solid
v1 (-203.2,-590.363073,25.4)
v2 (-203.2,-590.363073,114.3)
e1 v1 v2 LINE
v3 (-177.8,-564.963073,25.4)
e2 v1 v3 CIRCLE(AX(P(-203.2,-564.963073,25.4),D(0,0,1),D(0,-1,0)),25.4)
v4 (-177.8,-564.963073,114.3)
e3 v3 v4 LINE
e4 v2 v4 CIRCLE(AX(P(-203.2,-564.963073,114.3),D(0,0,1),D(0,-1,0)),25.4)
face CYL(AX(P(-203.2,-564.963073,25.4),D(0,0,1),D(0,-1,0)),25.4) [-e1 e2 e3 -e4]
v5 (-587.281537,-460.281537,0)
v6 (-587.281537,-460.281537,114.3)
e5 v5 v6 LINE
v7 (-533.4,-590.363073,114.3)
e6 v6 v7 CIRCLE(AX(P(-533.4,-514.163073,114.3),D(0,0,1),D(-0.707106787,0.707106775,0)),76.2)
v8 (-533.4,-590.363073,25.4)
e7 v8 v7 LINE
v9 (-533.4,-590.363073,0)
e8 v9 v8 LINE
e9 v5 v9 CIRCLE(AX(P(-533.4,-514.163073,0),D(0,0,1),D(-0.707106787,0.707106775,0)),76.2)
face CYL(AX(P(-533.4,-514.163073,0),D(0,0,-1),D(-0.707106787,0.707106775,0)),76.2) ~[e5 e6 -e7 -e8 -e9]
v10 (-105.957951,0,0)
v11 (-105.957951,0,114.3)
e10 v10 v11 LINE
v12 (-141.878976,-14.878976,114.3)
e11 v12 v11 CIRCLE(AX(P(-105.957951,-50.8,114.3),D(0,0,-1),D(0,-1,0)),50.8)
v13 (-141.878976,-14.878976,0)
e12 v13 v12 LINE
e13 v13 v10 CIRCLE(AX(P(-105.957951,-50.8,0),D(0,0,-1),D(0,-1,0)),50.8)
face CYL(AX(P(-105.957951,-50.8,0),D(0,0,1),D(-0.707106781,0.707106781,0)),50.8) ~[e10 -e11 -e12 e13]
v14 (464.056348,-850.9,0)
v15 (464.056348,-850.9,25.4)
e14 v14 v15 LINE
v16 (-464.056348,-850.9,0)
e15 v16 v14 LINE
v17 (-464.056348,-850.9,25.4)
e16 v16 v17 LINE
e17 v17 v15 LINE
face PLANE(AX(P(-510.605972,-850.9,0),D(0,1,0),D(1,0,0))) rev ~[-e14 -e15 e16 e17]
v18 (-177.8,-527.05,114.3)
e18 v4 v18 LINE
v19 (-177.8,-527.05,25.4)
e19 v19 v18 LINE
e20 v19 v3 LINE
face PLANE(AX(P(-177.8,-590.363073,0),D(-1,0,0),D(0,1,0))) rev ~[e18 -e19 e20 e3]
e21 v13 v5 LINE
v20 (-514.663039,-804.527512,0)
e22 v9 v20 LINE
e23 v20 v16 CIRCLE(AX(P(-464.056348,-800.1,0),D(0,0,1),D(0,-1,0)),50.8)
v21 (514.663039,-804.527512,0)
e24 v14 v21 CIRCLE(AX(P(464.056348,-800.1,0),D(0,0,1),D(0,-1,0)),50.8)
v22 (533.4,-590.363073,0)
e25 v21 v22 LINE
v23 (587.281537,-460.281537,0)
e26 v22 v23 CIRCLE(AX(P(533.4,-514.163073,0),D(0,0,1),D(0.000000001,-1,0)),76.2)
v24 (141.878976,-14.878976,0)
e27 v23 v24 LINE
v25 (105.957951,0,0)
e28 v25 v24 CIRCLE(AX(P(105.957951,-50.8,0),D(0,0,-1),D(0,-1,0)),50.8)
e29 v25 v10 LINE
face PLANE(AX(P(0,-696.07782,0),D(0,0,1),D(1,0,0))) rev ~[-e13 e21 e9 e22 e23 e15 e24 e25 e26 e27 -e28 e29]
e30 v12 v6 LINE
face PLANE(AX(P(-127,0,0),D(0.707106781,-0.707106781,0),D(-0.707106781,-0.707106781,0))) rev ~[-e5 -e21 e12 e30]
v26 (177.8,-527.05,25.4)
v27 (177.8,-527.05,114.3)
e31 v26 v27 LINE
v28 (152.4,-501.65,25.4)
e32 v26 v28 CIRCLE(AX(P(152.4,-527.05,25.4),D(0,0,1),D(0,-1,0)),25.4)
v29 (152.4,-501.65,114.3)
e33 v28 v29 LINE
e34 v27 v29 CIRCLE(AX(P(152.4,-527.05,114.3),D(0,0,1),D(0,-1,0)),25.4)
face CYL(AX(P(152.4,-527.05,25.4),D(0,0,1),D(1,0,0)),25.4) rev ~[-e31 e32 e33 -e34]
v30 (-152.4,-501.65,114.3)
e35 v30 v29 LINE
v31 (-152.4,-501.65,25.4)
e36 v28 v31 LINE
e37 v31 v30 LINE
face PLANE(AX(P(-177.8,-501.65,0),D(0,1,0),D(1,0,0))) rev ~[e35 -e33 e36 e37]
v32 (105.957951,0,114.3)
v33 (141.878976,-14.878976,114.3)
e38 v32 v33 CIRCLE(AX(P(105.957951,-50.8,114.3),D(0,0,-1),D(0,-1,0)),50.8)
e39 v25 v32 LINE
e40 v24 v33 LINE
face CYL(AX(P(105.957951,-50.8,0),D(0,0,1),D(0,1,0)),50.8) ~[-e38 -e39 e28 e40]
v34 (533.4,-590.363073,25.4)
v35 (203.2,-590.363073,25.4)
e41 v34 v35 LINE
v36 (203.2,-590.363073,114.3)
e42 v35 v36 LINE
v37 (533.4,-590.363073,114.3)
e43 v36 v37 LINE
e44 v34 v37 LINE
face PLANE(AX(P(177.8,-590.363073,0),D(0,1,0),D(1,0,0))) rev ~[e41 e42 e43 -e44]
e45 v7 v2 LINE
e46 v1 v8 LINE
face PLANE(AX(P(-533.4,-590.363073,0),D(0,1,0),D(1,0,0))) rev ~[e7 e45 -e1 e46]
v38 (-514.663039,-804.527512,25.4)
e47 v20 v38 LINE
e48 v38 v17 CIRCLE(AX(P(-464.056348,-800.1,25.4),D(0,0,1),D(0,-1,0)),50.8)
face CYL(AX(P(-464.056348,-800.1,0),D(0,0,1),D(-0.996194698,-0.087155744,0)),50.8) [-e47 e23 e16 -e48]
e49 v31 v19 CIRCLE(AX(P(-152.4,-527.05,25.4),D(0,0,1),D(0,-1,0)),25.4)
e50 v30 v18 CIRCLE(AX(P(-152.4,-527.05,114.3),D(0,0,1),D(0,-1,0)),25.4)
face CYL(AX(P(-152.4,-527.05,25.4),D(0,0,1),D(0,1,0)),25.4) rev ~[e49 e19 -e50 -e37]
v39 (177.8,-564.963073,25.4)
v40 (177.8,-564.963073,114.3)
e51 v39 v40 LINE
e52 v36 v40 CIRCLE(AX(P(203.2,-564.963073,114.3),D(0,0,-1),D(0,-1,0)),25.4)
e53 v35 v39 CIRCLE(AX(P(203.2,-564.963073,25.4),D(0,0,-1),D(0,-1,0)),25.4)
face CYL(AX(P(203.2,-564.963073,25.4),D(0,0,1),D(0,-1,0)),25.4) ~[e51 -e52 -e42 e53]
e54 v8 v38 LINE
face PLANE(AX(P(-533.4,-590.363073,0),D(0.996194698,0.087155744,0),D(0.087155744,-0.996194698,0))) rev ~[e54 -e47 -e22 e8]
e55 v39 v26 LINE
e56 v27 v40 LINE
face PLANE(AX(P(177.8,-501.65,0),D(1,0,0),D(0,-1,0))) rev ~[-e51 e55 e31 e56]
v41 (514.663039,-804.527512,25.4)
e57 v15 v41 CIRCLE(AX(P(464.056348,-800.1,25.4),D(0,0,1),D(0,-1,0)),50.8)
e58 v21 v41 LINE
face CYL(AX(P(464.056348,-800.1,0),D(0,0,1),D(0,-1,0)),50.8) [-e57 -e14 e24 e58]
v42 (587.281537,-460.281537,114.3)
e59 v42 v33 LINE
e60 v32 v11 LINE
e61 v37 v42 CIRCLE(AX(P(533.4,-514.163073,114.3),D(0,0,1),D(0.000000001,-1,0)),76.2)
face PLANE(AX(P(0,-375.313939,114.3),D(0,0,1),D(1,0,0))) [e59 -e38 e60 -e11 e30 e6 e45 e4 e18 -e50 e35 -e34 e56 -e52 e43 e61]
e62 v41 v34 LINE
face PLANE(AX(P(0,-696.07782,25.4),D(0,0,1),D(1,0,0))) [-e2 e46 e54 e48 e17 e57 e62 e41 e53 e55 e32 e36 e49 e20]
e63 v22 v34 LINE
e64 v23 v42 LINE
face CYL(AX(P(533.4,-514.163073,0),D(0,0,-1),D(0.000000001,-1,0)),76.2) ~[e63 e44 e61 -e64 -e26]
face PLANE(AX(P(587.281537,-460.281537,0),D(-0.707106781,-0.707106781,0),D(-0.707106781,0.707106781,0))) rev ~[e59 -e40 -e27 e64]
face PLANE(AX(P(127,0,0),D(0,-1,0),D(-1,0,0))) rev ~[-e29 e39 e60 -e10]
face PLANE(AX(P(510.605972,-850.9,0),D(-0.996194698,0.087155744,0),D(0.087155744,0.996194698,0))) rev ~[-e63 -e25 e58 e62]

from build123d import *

# Parameters (mm, degrees)
F1_DEPTH = 114.3
F2_DEPTH = 25.4
F3_R     = 25.4
F4_R     = 50.8


with BuildPart() as f1:
    # F0 (on Top) → F1 (new body)
    with BuildSketch(Plane.XY):
        with BuildLine():
            Line((127, 0), (-127, 0))
            Line((-127, 0), (-587.281537, -460.281537))
            ThreePointArc((-587.281537, -460.281537), (-603.79962, -543.323551), (-533.4, -590.363073))
            Line((-533.4, -590.363073), (-177.8, -590.363073))
            Line((-177.8, -590.363073), (-177.8, -501.65))
            Line((-177.8, -501.65), (177.8, -501.65))
            Line((177.8, -501.65), (177.8, -590.363073))
            Line((177.8, -590.363073), (533.4, -590.363073))
            ThreePointArc((533.4, -590.363073), (603.79962, -543.323551), (587.281537, -460.281537))
            Line((587.281537, -460.281537), (127, 0))
        make_face()
    extrude(amount=F1_DEPTH)

    # F0 (on Top) → F2 (join)
    with BuildSketch(Plane.XY):
        Polygon((-177.8, -590.363073), (-533.4, -590.363073), (-510.605972, -850.9), (510.605972, -850.9), (533.4, -590.363073), (177.8, -590.363073), (177.8, -501.65), (-177.8, -501.65), align=None)
    extrude(amount=F2_DEPTH)

    # F3
    f3_edges = [f1.edges().sort_by_distance(p)[0] for p in [
        (-177.8, -590.363073, 69.85),
        (177.8, -590.363073, 69.85),
        (177.8, -501.65, 69.85),
        (-177.8, -501.65, 69.85),
    ]]
    fillet(f3_edges, radius=F3_R)

    # F4
    f4_edges = [f1.edges().sort_by_distance(p)[0] for p in [
        (-127, 0, 57.15),
        (127, 0, 57.15),
        (-510.605972, -850.9, 12.7),
        (510.605972, -850.9, 12.7),
    ]]
    fillet(f4_edges, radius=F4_R)


solid = f1.part
